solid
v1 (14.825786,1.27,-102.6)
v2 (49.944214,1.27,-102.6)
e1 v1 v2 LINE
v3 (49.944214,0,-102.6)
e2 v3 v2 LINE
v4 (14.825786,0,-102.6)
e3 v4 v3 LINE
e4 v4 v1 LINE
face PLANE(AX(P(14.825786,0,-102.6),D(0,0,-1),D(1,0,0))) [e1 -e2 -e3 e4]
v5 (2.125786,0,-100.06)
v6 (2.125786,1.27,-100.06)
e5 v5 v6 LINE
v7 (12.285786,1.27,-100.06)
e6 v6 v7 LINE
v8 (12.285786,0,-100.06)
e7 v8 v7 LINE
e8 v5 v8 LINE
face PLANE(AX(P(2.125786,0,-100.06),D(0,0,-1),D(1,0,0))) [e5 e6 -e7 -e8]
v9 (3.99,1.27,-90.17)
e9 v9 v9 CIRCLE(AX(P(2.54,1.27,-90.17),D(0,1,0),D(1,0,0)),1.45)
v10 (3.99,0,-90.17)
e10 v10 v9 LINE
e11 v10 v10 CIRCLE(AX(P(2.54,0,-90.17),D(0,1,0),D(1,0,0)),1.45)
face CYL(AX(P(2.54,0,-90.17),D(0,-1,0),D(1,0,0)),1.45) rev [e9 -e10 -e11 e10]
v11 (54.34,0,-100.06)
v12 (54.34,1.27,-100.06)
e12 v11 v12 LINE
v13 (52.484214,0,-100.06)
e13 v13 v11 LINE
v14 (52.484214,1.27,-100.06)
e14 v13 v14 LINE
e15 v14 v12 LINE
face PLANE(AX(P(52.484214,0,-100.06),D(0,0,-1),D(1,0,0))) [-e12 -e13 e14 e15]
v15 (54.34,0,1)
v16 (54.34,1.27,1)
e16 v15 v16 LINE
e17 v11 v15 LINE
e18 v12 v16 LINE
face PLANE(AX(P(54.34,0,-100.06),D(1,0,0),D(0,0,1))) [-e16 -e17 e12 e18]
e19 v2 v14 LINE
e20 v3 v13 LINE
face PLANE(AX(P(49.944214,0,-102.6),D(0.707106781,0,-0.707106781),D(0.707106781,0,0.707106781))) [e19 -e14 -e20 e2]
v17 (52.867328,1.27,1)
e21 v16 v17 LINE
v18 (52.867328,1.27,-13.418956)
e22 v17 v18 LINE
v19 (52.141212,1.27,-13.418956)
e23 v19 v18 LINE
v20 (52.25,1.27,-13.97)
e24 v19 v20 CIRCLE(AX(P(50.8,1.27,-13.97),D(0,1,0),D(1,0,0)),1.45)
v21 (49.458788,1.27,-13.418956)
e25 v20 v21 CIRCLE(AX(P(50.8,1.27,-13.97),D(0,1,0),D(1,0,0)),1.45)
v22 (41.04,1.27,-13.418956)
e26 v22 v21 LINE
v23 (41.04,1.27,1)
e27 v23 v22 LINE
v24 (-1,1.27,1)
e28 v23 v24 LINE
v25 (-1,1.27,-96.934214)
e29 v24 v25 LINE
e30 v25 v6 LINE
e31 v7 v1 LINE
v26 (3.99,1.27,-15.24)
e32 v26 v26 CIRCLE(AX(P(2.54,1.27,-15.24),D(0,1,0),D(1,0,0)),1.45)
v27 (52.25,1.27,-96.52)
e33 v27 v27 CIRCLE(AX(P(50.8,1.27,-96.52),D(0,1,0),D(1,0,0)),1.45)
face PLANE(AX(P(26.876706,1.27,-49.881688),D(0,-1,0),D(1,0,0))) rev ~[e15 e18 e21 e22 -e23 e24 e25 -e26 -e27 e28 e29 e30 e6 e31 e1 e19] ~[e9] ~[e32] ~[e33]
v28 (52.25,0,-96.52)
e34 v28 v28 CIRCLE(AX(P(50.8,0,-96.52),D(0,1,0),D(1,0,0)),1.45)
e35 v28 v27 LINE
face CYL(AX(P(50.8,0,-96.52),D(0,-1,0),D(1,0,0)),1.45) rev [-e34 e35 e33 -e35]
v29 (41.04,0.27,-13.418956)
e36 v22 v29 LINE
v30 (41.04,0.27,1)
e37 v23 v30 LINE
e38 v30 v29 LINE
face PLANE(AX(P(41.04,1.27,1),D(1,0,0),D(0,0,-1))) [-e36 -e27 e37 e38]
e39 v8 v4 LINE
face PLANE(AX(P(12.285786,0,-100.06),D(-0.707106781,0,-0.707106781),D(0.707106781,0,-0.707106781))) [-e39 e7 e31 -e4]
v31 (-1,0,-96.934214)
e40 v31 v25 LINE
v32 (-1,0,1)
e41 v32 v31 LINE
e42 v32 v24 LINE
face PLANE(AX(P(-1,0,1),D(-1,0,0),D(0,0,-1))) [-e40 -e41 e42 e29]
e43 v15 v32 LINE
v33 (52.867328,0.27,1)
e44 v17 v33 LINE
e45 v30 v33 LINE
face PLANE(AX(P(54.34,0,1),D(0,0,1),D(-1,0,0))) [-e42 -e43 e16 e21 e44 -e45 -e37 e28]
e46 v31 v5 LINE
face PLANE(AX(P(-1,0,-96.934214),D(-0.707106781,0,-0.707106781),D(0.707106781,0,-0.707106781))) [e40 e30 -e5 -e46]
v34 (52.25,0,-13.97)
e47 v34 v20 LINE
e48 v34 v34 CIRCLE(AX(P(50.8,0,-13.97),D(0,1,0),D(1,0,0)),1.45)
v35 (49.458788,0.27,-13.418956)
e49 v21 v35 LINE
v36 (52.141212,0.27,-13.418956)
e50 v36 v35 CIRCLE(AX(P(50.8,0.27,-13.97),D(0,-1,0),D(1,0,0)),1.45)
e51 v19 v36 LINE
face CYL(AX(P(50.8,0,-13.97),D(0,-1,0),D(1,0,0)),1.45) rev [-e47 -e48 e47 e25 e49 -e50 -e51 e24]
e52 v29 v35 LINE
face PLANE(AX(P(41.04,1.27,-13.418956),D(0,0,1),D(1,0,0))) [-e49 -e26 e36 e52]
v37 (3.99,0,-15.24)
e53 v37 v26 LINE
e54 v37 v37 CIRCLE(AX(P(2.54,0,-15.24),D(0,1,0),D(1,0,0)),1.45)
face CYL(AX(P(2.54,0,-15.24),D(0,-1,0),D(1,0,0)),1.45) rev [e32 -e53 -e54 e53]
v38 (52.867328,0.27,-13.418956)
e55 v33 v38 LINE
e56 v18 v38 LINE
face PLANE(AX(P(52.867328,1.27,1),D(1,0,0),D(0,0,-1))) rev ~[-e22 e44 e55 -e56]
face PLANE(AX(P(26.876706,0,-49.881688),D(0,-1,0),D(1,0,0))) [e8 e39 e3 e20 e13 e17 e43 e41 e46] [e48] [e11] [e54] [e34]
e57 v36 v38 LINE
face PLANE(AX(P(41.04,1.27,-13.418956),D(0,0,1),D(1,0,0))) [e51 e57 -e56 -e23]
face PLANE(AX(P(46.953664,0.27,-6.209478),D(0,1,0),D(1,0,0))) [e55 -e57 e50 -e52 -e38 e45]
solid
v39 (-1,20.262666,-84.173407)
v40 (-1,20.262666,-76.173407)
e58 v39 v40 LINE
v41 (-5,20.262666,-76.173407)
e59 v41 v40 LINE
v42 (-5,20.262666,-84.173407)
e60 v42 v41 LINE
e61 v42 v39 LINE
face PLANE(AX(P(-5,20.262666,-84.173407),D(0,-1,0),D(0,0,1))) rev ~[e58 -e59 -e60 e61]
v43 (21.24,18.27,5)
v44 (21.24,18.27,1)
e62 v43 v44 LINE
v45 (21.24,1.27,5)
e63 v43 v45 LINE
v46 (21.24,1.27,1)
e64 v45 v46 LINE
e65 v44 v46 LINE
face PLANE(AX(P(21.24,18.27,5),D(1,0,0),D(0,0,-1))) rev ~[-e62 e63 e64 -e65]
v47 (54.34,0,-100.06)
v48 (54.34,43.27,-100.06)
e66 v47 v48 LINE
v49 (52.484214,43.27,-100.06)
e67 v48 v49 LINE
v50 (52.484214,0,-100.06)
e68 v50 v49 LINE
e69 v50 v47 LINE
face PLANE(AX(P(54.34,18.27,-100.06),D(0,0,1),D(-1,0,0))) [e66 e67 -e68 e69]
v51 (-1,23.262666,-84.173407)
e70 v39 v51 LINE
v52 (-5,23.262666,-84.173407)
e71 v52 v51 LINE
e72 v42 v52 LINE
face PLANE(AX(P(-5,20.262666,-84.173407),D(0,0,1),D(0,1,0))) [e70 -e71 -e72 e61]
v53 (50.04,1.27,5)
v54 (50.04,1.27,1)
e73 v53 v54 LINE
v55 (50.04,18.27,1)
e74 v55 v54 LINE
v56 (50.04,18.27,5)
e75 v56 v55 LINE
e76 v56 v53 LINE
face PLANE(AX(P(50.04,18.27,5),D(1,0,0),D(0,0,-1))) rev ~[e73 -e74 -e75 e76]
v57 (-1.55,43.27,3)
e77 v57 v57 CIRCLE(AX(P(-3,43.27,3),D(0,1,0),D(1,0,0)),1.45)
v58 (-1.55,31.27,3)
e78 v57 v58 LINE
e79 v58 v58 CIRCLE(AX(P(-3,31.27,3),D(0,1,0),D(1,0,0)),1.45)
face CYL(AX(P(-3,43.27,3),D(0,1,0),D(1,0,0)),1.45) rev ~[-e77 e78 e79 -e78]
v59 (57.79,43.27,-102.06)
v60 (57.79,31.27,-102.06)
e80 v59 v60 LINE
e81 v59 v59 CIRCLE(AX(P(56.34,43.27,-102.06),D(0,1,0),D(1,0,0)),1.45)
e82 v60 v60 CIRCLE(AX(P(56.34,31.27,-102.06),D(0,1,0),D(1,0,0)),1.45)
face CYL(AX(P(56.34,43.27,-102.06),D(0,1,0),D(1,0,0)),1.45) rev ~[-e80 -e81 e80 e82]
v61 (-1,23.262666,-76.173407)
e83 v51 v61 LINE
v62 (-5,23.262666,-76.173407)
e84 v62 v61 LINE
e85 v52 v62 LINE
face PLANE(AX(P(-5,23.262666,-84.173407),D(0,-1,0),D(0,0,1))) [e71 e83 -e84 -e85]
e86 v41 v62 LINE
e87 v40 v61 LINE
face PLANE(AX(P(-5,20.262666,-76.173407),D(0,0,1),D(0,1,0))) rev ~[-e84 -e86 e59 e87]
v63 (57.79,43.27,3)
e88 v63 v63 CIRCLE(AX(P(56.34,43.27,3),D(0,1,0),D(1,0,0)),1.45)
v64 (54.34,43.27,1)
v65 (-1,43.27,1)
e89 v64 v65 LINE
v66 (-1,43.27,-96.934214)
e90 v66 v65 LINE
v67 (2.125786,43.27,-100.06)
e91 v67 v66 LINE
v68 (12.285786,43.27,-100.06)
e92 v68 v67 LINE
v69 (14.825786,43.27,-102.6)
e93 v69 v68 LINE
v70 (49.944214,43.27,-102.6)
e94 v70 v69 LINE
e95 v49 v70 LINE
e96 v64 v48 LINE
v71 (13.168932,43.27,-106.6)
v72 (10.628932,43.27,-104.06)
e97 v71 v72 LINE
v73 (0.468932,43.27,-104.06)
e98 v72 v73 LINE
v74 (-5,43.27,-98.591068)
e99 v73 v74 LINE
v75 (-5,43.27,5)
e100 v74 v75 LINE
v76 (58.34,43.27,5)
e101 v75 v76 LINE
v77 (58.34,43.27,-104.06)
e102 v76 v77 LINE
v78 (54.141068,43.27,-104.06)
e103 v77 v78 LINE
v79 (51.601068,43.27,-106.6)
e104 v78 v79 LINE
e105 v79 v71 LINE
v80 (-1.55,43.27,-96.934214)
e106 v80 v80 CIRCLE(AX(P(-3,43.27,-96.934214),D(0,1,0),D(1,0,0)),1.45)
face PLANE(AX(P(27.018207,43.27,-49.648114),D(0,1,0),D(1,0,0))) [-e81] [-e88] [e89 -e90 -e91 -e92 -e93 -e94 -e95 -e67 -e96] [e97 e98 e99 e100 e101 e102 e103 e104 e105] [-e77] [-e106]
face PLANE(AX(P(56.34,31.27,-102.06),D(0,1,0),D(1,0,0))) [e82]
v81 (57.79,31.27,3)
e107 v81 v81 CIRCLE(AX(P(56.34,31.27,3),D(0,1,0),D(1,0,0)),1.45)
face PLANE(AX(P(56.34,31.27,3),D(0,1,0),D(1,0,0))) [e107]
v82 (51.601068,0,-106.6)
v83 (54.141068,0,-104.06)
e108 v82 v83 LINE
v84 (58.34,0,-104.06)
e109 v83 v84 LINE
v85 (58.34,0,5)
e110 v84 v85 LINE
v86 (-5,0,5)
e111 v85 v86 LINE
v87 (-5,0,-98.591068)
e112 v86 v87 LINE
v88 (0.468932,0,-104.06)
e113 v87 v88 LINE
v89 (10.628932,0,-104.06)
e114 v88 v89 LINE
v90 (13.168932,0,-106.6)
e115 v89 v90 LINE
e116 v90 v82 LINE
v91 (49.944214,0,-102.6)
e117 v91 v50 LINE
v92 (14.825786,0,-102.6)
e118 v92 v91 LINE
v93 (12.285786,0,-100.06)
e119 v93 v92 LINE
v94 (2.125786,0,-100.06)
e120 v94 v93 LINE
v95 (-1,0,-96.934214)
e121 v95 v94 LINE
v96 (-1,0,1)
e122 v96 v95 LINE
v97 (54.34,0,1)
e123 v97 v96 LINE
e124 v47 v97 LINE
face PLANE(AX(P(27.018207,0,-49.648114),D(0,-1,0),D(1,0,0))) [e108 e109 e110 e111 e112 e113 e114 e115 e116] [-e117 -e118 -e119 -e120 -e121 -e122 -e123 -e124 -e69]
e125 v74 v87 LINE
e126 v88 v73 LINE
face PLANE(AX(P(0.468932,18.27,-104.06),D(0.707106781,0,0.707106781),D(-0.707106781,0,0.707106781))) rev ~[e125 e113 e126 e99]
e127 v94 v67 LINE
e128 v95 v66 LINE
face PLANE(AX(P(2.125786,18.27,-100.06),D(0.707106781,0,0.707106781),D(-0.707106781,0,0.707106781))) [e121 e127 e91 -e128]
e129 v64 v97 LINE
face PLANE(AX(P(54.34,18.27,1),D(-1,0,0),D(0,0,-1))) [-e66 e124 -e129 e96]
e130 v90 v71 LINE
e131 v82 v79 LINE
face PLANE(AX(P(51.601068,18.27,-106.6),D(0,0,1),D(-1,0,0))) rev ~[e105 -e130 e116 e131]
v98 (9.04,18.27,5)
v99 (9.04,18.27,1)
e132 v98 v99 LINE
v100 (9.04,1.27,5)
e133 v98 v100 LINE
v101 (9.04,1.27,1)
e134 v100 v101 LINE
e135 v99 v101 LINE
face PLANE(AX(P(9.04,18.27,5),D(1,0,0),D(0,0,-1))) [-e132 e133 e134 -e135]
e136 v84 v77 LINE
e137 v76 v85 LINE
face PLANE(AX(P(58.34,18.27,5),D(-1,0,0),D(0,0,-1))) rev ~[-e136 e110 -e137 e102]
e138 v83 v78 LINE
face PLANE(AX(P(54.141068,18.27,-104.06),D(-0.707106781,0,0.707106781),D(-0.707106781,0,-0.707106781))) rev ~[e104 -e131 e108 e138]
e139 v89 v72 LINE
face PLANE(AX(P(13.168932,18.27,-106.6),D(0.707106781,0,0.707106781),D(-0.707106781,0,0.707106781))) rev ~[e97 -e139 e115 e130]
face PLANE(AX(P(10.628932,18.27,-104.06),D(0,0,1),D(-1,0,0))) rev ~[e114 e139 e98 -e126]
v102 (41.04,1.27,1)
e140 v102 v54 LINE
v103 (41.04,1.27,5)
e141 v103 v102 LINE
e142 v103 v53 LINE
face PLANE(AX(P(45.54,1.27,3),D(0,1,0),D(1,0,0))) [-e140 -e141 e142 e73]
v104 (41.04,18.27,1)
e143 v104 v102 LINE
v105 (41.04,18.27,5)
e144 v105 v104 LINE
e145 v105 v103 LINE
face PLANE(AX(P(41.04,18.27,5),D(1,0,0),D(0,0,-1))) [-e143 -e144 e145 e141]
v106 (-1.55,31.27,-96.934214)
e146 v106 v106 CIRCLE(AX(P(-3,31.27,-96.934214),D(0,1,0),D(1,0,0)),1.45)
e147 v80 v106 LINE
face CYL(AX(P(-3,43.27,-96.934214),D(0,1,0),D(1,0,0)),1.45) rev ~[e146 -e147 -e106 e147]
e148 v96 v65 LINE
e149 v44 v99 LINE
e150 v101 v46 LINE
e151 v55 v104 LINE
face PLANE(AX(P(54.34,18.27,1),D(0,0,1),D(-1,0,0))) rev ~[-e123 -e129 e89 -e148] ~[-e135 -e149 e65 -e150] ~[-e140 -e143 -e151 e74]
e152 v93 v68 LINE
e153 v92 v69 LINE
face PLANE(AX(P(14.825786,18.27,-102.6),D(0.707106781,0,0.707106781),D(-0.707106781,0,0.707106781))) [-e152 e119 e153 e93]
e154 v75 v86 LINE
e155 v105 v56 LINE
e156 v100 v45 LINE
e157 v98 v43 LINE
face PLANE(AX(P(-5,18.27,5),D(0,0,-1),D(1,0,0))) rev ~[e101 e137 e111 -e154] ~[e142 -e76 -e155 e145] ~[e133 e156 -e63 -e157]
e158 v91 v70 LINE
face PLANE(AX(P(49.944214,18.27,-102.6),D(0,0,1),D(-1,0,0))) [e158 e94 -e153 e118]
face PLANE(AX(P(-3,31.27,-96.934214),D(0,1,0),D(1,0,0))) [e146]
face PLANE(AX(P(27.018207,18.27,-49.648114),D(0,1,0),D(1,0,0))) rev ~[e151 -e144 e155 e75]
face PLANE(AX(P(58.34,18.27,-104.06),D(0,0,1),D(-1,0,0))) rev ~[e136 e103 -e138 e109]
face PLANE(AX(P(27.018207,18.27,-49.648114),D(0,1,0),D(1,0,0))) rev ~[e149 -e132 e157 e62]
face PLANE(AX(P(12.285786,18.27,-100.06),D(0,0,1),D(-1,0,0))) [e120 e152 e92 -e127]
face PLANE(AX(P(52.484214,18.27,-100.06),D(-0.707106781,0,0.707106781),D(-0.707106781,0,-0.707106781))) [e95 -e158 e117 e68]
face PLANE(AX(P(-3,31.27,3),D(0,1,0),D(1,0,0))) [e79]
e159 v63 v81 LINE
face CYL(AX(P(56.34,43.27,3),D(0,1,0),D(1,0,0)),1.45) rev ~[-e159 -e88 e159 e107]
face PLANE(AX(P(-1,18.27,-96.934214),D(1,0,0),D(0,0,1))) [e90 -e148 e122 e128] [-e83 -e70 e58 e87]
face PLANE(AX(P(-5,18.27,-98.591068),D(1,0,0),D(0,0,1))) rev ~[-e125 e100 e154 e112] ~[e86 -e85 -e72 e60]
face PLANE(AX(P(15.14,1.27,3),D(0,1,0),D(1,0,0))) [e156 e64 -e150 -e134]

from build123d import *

# Parameters (mm, degrees)
SKETCH2_R           = 1.45
BOSS_EXTRUDE1_DEPTH = 1.27
BOSS_EXTRUDE2_DEPTH = 1.27
BOSS_EXTRUDE3_DEPTH = 18.27
SKETCH5_W           = 12.2
SKETCH5_H           = 4
SKETCH5_W_2         = 9
CUT_EXTRUDE1_DEPTH  = 17
BOSS_EXTRUDE4_DEPTH = 25
SKETCH7_R           = 1.45
CUT_EXTRUDE2_DEPTH  = 12
SKETCH8_W           = 8
SKETCH8_H           = 3
CUT_EXTRUDE3_DEPTH  = 4
SKETCH9_W           = 11.827328024
SKETCH9_H           = 14.418956252
CUT_EXTRUDE4_DEPTH  = 1


with BuildPart() as part:
    # Sketch2 → Boss-Extrude1 (new body)
    with BuildSketch(Plane(origin=(0, 0, 0), x_dir=(1, 0, 0), z_dir=(0, 1, 0))):
        Polygon((52.07, 99.06), (49.53, 101.6), (15.24, 101.6), (12.7, 99.06), (2.54, 99.06), (0, 96.52), (0, 0), (53.34, 0), (53.34, 99.06), align=None)
        with Locations((50.8, 13.97)):
            Circle(SKETCH2_R, mode=Mode.SUBTRACT)
        with Locations((2.54, 15.24)):
            Circle(SKETCH2_R, mode=Mode.SUBTRACT)
        with Locations((50.8, 96.52)):
            Circle(SKETCH2_R, mode=Mode.SUBTRACT)
        with Locations((2.54, 90.17)):
            Circle(SKETCH2_R, mode=Mode.SUBTRACT)
    extrude(amount=BOSS_EXTRUDE1_DEPTH)

    # Sketch3 → Boss-Extrude2 (add)
    with BuildSketch(Plane.XZ):
        Polygon((49.944213562, -102.6), (52.484213562, -100.06), (54.34, -100.06), (54.34, 1), (-1, 1), (-1, -96.934213562), (2.125786438, -100.06), (12.285786438, -100.06), (14.825786438, -102.6), align=None)
        Polygon((0, 0), (0, -96.52), (2.54, -99.06), (12.7, -99.06), (15.24, -101.6), (49.53, -101.6), (52.07, -99.06), (53.34, -99.06), (53.34, 0), align=None, mode=Mode.SUBTRACT)
    extrude(amount=-BOSS_EXTRUDE2_DEPTH)

    # Sketch9 → Cut-Extrude4 (cut)
    with BuildSketch(Plane(origin=(0, 1.27, 0), x_dir=(1, 0, 0), z_dir=(0, 1, 0))):
        with Locations((46.953664012, 6.209478126)):
            Rectangle(SKETCH9_W, SKETCH9_H)
    extrude(amount=-CUT_EXTRUDE4_DEPTH, mode=Mode.SUBTRACT)


with BuildPart() as body_2:
    # Sketch4 → Boss-Extrude3 (new body)
    with BuildSketch(Plane.XZ):
        Polygon((-5, 5), (-5, -98.591067812), (0.468932188, -104.06), (10.628932188, -104.06), (13.168932188, -106.6), (51.601067812, -106.6), (54.141067812, -104.06), (58.34, -104.06), (58.34, 5), align=None)
        Polygon((14.825786438, -102.6), (49.944213562, -102.6), (52.484213562, -100.06), (54.34, -100.06), (54.34, 1), (-1, 1), (-1, -96.934213562), (2.125786438, -100.06), (12.285786438, -100.06), align=None, mode=Mode.SUBTRACT)
    extrude(amount=-BOSS_EXTRUDE3_DEPTH)

    # Sketch5 → Cut-Extrude1 (cut)
    with BuildSketch(Plane(origin=(0, 18.27, 0), x_dir=(1, 0, 0), z_dir=(0, 1, 0))):
        with Locations((15.14, -3)):
            Rectangle(SKETCH5_W, SKETCH5_H)
        with Locations((45.54, -3)):
            Rectangle(SKETCH5_W_2, SKETCH5_H)
    extrude(amount=-CUT_EXTRUDE1_DEPTH, mode=Mode.SUBTRACT)

    # Sketch6 → Boss-Extrude4 (add)
    with BuildSketch(Plane(origin=(0, 18.27, 0), x_dir=(1, 0, 0), z_dir=(0, 1, 0))):
        Polygon((9.04, -5), (50.04, -5), (58.34, -5), (58.34, 104.06), (54.141067812, 104.06), (51.601067812, 106.6), (13.168932188, 106.6), (10.628932188, 104.06), (0.468932188, 104.06), (-5, 98.591067812), (-5, -5), align=None)
        Polygon((9.04, -1), (50.04, -1), (54.34, -1), (54.34, 100.06), (52.484213562, 100.06), (49.944213562, 102.6), (14.825786438, 102.6), (12.285786438, 100.06), (2.125786438, 100.06), (-1, 96.934213562), (-1, -1), align=None, mode=Mode.SUBTRACT)
    extrude(amount=BOSS_EXTRUDE4_DEPTH)

    # Sketch7 → Cut-Extrude2 (cut)
    with BuildSketch(Plane(origin=(0, 43.27, 0), x_dir=(1, 0, 0), z_dir=(0, 1, 0))):
        with Locations((-3, -3)):
            Circle(SKETCH7_R)
        with Locations((56.34, -3)):
            Circle(SKETCH7_R)
        with Locations((56.34, 102.06)):
            Circle(SKETCH7_R)
        with Locations((-3, 96.934213562)):
            Circle(SKETCH7_R)
    extrude(amount=-CUT_EXTRUDE2_DEPTH, mode=Mode.SUBTRACT)

    # Sketch8 → Cut-Extrude3 (cut)
    with BuildSketch(Plane.ZY.offset(5)):
        with Locations((-80.173407403, 21.762666212)):
            Rectangle(SKETCH8_W, SKETCH8_H)
    extrude(amount=-CUT_EXTRUDE3_DEPTH, mode=Mode.SUBTRACT)


solid = Compound([part.part, body_2.part])
